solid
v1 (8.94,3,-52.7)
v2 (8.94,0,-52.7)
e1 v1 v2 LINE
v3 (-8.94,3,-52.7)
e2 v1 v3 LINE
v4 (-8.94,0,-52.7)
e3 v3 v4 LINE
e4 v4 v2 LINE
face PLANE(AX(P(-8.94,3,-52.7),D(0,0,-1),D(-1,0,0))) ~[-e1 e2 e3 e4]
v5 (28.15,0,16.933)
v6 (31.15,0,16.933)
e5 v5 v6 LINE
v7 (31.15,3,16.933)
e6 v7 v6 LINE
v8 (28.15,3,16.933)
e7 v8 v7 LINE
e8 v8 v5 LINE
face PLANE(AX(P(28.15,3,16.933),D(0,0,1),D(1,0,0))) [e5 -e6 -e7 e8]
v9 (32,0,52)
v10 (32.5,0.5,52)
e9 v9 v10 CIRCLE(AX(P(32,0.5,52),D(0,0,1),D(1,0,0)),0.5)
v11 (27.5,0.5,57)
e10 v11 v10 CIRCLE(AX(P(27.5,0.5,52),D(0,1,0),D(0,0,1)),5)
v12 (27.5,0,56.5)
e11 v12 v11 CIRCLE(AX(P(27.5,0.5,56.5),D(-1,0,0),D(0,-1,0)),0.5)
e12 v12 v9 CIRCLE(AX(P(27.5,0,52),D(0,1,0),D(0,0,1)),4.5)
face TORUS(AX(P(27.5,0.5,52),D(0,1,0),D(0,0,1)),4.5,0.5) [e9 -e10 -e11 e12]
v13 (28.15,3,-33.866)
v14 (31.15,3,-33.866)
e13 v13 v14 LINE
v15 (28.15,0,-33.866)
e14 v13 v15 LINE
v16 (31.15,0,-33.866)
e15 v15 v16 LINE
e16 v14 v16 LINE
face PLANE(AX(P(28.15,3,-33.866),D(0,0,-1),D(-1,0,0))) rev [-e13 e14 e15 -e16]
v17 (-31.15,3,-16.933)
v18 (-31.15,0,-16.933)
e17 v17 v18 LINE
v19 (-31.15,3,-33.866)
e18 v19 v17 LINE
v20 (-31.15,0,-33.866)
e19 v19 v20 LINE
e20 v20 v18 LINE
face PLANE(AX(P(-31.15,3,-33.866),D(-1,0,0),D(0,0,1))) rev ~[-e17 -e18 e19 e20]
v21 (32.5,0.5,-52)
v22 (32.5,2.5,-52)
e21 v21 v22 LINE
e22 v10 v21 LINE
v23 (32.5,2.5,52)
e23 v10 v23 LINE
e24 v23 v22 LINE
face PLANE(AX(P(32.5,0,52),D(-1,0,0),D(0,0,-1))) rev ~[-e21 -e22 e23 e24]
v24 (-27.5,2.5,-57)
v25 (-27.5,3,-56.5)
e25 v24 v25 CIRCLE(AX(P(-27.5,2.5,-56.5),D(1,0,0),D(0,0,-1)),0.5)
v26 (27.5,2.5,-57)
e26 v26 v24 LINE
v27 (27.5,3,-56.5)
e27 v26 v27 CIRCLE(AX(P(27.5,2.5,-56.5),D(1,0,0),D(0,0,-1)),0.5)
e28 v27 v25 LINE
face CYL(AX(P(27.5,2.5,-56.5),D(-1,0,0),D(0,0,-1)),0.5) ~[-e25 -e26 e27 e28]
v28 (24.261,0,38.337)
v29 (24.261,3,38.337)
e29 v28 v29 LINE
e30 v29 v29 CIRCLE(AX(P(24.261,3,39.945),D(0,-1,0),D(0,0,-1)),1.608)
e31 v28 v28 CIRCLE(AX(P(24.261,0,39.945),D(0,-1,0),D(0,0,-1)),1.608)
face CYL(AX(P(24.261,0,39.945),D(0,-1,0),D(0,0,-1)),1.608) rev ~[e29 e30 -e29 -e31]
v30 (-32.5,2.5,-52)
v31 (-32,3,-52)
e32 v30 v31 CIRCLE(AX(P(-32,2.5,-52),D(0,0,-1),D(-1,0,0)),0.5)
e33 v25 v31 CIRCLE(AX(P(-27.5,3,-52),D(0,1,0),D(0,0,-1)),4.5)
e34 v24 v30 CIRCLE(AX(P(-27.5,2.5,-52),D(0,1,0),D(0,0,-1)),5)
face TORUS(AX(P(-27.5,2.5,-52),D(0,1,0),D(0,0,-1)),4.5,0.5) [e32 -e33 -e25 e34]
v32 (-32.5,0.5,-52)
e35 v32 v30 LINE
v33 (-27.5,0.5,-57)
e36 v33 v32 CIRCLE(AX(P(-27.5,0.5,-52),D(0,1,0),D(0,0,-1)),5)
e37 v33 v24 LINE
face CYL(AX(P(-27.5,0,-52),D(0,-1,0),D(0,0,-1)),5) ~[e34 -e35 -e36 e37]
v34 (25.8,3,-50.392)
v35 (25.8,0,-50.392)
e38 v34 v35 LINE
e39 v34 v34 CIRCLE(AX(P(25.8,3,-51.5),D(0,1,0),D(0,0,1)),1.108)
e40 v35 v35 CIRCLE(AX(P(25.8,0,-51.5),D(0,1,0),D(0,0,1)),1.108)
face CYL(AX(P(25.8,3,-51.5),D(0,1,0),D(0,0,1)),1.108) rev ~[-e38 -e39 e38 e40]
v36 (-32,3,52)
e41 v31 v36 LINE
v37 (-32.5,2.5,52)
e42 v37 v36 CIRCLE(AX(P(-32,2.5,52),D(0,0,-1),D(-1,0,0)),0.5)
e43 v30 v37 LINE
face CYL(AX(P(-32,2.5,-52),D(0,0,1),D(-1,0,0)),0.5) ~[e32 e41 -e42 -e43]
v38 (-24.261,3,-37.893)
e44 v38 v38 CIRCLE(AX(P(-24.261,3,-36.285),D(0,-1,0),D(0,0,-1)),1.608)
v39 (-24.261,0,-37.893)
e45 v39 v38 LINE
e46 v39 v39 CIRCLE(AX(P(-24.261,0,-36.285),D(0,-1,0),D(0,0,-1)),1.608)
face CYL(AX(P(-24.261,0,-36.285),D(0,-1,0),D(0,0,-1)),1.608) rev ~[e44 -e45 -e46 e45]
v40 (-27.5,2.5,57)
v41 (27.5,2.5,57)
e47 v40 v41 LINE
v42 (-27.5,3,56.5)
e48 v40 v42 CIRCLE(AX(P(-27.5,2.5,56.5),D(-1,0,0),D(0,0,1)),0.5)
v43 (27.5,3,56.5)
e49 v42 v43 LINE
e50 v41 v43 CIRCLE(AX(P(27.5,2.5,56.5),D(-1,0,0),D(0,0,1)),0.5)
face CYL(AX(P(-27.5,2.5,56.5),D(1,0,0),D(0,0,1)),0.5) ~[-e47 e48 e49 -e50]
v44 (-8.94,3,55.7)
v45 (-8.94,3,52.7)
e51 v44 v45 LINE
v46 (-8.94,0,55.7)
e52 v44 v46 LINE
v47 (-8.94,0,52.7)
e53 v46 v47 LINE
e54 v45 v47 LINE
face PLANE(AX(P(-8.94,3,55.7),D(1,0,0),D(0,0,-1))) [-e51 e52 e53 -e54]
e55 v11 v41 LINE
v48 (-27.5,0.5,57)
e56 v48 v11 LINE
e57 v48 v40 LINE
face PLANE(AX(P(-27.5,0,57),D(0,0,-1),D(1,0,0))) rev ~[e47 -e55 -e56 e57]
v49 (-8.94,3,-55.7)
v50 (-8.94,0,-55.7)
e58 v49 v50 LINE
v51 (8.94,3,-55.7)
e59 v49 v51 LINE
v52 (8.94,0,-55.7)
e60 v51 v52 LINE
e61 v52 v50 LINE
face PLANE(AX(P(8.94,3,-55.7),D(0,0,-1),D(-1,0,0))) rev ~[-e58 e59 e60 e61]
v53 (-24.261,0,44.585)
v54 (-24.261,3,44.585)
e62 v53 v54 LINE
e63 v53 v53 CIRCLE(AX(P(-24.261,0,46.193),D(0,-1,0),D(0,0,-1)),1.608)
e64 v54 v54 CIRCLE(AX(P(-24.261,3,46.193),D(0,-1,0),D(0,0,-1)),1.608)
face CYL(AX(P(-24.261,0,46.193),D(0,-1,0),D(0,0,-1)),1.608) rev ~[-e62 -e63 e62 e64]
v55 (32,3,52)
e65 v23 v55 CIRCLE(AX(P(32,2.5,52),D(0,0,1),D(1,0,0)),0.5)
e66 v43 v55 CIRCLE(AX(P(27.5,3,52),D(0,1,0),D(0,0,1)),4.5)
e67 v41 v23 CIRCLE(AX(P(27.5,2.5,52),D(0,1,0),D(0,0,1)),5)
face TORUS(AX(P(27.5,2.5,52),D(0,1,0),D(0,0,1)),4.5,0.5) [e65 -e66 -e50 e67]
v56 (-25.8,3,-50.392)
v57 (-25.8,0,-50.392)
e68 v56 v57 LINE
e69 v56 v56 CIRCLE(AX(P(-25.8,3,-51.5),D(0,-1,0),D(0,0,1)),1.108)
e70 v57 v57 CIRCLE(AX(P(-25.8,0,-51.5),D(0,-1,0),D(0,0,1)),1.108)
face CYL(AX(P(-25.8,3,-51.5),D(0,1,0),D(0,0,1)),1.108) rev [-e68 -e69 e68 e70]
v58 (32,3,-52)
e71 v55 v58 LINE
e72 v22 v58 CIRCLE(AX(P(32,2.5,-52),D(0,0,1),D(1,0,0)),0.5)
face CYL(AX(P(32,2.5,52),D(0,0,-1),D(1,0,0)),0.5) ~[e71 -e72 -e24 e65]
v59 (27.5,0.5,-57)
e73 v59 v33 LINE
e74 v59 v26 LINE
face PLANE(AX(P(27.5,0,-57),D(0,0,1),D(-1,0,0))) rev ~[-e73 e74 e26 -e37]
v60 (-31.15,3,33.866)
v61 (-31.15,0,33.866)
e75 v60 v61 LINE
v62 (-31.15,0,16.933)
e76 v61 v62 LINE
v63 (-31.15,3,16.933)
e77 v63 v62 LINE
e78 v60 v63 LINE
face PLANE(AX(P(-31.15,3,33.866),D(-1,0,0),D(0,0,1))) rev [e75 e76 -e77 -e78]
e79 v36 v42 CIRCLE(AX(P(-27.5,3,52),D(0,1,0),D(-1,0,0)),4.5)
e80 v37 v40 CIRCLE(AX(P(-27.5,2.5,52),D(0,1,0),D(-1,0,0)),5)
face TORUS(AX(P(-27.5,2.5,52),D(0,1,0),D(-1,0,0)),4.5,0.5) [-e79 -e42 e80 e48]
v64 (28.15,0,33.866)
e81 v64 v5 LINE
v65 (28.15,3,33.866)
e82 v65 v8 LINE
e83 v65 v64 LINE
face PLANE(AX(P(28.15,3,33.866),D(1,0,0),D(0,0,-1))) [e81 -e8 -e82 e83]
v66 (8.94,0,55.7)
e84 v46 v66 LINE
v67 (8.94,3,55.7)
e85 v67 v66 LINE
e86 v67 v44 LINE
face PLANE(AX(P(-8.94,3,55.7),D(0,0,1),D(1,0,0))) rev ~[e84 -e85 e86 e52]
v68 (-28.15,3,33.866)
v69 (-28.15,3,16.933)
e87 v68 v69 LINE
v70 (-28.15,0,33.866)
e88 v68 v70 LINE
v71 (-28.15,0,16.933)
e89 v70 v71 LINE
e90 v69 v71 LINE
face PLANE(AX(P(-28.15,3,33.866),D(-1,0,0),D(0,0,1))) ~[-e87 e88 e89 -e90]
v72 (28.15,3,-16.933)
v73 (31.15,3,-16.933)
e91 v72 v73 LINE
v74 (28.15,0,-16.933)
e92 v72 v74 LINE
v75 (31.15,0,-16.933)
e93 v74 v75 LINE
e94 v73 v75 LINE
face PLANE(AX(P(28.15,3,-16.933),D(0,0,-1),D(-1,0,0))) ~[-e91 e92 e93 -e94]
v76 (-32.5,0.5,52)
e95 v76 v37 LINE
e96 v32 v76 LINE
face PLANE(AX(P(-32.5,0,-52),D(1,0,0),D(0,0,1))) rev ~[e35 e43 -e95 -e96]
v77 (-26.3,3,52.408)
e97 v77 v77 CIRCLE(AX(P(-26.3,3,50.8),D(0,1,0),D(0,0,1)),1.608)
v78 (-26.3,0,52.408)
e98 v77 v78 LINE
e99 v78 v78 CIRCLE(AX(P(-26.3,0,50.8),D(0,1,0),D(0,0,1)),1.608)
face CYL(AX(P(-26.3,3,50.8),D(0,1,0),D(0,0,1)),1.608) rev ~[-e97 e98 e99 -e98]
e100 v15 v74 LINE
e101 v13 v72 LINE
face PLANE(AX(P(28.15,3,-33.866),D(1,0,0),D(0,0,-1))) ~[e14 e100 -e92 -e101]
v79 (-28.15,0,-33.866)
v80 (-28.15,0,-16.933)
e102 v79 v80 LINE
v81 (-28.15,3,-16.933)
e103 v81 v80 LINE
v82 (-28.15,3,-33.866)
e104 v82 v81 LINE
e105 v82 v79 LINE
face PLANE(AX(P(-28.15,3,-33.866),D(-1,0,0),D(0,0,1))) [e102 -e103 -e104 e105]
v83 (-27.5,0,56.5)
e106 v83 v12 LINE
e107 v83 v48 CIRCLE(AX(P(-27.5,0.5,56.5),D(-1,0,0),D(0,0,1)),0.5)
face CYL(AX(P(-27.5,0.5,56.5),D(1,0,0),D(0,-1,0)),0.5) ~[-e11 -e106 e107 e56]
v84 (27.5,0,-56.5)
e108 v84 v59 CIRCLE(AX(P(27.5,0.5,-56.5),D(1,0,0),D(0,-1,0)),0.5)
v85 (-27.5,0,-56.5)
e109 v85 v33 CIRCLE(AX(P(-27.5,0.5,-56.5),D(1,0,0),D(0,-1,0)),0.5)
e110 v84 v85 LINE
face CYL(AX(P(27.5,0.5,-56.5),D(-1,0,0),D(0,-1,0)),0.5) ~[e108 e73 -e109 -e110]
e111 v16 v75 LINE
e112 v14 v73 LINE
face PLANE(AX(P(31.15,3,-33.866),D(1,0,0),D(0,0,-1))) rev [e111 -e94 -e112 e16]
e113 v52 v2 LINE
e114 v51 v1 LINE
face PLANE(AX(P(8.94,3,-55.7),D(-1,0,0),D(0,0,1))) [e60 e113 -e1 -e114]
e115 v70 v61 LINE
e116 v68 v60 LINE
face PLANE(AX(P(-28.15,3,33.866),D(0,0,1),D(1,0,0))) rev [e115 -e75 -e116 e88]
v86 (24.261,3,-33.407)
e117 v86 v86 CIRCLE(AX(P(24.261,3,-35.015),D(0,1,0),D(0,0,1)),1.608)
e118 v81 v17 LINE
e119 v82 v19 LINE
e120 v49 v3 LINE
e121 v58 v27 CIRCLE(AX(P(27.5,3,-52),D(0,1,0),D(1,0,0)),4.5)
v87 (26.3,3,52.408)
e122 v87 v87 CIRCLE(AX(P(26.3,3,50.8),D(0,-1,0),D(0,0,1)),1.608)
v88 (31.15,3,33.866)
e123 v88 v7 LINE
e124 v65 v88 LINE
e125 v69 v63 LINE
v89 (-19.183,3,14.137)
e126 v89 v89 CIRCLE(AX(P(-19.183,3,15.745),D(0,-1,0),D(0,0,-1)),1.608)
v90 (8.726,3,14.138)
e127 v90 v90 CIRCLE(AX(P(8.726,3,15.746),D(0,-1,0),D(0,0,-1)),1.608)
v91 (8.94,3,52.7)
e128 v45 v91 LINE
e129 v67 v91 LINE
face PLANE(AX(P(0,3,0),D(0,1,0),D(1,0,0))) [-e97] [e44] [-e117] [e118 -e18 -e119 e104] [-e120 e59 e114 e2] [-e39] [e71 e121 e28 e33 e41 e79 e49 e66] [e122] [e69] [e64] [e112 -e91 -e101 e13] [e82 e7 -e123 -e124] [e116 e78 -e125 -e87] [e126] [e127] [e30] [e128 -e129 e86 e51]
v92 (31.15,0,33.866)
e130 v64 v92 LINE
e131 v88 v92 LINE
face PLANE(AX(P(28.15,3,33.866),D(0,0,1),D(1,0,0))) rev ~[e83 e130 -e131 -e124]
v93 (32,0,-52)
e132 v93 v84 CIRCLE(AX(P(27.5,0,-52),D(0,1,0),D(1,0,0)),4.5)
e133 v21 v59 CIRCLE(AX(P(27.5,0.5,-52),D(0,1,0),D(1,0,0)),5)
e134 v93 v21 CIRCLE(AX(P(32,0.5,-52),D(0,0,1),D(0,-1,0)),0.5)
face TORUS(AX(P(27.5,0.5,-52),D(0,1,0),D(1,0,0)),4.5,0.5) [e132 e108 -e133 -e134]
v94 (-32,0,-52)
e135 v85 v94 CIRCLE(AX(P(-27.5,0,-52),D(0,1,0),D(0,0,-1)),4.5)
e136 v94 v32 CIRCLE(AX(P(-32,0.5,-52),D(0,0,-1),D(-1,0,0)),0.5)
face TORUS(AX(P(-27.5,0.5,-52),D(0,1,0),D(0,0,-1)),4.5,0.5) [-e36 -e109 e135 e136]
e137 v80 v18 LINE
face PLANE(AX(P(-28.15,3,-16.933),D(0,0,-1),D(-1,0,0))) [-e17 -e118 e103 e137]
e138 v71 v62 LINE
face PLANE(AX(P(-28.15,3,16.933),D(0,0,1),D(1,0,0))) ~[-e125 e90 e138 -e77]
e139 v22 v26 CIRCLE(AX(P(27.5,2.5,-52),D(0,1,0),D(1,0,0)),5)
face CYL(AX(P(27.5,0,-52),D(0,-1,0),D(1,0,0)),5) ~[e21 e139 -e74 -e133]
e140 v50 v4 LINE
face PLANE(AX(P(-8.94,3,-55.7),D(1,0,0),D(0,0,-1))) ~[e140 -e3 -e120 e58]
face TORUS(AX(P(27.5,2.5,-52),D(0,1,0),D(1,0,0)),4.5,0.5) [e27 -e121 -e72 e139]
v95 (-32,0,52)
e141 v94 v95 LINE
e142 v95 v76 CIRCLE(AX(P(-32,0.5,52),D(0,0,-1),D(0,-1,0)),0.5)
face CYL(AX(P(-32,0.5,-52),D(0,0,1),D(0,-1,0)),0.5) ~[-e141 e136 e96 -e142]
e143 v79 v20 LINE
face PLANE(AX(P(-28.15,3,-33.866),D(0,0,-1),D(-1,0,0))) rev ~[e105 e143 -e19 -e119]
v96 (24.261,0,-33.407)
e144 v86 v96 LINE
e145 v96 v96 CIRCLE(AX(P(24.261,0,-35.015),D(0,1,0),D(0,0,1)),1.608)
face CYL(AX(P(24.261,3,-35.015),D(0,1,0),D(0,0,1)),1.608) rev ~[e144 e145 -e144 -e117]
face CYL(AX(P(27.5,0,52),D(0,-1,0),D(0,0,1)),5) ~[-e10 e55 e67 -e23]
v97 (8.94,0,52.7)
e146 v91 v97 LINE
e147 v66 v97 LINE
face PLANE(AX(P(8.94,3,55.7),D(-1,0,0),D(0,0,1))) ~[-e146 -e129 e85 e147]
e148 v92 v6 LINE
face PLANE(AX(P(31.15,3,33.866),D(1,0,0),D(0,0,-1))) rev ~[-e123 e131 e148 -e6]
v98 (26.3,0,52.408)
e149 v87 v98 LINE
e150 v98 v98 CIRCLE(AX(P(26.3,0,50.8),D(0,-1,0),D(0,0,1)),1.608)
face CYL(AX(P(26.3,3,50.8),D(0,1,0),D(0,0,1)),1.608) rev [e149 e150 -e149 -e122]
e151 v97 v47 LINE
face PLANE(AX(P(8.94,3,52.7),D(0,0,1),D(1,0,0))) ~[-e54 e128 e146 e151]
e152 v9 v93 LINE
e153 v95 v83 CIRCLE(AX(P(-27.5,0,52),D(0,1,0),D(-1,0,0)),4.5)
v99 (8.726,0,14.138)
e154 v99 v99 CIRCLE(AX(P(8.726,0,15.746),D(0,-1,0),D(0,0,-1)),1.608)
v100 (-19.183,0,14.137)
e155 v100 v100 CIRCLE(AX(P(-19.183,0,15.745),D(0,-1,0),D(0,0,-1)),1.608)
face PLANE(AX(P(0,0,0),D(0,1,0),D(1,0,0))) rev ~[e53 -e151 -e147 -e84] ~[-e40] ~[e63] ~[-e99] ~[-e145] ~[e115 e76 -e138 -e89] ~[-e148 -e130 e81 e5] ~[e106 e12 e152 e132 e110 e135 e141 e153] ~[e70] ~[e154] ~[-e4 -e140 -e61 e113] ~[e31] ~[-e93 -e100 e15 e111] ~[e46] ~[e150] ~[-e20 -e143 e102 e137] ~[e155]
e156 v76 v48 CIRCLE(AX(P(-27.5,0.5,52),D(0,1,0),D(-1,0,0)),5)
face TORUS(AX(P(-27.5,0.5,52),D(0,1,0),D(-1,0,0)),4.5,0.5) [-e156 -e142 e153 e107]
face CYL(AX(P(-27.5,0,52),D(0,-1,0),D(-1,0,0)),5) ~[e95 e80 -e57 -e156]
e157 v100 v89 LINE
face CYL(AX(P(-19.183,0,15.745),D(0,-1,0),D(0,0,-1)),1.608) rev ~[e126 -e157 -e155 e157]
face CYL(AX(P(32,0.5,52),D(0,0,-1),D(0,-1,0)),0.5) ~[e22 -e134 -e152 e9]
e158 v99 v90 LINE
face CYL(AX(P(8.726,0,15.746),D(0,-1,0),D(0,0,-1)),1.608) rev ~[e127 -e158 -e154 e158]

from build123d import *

# Parameters (mm, degrees)
BOSS_EXTRUDE3_DEPTH       = 3
SKETCH2_R                 = 1.608
CUT_EXTRUDE3_DEPTH        = 3
SKETCH7_R                 = 1.608
CUT_EXTRUDE8_DEPTH        = 3
SKETCH8_R                 = 1.608
CUT_EXTRUDE9_DEPTH        = 3
SKETCH9_R                 = 1.608
CUT_EXTRUDE11_DEPTH       = 3
SKETCH10_W                = 17.87
SKETCH10_H                = 3
SKETCH10_W_2              = 3
SKETCH10_H_2              = 16.933
CUT_EXTRUDE14_DEPTH       = 3
MIRROR4_COPY_1_SKETCH_W   = 17.87
MIRROR4_COPY_1_SKETCH_H   = 3
MIRROR4_COPY_1_SKETCH_W_2 = 3
MIRROR4_COPY_1_SKETCH_H_2 = 16.933
MIRROR4_COPY_1_DEPTH      = 3
SKETCH11_R                = 1.608
CUT_EXTRUDE15_DEPTH       = 3
FILLET1_R                 = 0.5
FILLET2_R                 = 0.5
SKETCH12_R                = 1.108
CUT_EXTRUDE16_DEPTH       = 3


with BuildPart() as part:
    # Sketch1 → Boss-Extrude3 (new body)
    with BuildSketch(Plane(origin=(0, 0, 0), x_dir=(1, 0, 0), z_dir=(0, 1, 0))):
        with BuildLine():
            Line((-32.5, -47), (-32.5, -52))
            ThreePointArc((-32.5, -52), (-31.035533906, -55.535533906), (-27.5, -57))
            Line((-27.5, -57), (-22.5, -57))
            Line((-22.5, -57), (22.5, -57))
            Line((22.5, -57), (27.5, -57))
            ThreePointArc((27.5, -57), (31.035533906, -55.535533906), (32.5, -52))
            Line((32.5, -52), (32.5, -47))
            Line((32.5, -47), (32.5, 47))
            Line((32.5, 47), (32.5, 52))
            ThreePointArc((32.5, 52), (31.035533906, 55.535533906), (27.5, 57))
            Line((27.5, 57), (22.5, 57))
            Line((22.5, 57), (-22.5, 57))
            Line((-22.5, 57), (-27.5, 57))
            ThreePointArc((-27.5, 57), (-31.035533906, 55.535533906), (-32.5, 52))
            Line((-32.5, 52), (-32.5, 47))
            Line((-32.5, 47), (-32.5, -47))
        make_face()
    extrude(amount=BOSS_EXTRUDE3_DEPTH)

    # Sketch2 → Cut-Extrude3 (cut)
    with BuildSketch(Plane(origin=(0, 3, 0), x_dir=(1, 0, 0), z_dir=(0, 1, 0))):
        with Locations(Location((24.261, 35.015, 0), (0, 0, 270))):
            Circle(SKETCH2_R)
    extrude(amount=-CUT_EXTRUDE3_DEPTH, mode=Mode.SUBTRACT)

    # Sketch7 → Cut-Extrude8 (cut)
    with BuildSketch(Plane.XZ):
        with Locations(Location((24.261, 39.945, 0), (0, 0, 270))):
            Circle(SKETCH7_R)
    extrude(amount=-CUT_EXTRUDE8_DEPTH, mode=Mode.SUBTRACT)

    # Sketch8 → Cut-Extrude9 (cut)
    with BuildSketch(Plane.XZ):
        with Locations(Location((-24.261, -36.285, 0), (0, 0, 270))):
            Circle(SKETCH8_R)
    extrude(amount=-CUT_EXTRUDE9_DEPTH, mode=Mode.SUBTRACT)

    # Sketch9 → Cut-Extrude11 (cut)
    with BuildSketch(Plane.XZ):
        with Locations(Location((-19.183, 15.745, 0), (0, 0, 270))):
            Circle(SKETCH9_R)
        with Locations(Location((8.725999982, 15.746, 0), (0, 0, 270))):
            Circle(SKETCH9_R)
        with Locations(Location((-24.261, 46.193, 0), (0, 0, 270))):
            Circle(SKETCH9_R)
    extrude(amount=-CUT_EXTRUDE11_DEPTH, mode=Mode.SUBTRACT)

    # Sketch10 → Cut-Extrude14 (cut)
    with BuildSketch(Plane(origin=(0, 3, 0), x_dir=(1, 0, 0), z_dir=(0, 1, 0))):
        with Locations((-0.005, -54.2)):
            Rectangle(SKETCH10_W, SKETCH10_H)
        with Locations((29.65, -25.3995)):
            Rectangle(SKETCH10_W_2, SKETCH10_H_2)
    cut_extrude14 = extrude(amount=-CUT_EXTRUDE14_DEPTH, mode=Mode.SUBTRACT)

    # Mirror3: Cut-Extrude14 across plane
    add(cut_extrude14.mirror(Plane.XY), mode=Mode.SUBTRACT)

    # Mirror4: Cut-Extrude14 across plane
    add(cut_extrude14.mirror(Plane(origin=(0, 0, 0), x_dir=(0, 0, 1), z_dir=(1, 0, 0))), mode=Mode.SUBTRACT)

    # Mirror4 copy 1 sketch → Mirror4 copy 1 (cut)
    with BuildSketch(Plane(origin=(0, 3, 0), x_dir=(-1, 0, 0), z_dir=(0, 1, 0))):
        with Locations((-0.005, -54.2)):
            Rectangle(MIRROR4_COPY_1_SKETCH_W, MIRROR4_COPY_1_SKETCH_H)
        with Locations((29.65, -25.3995)):
            Rectangle(MIRROR4_COPY_1_SKETCH_W_2, MIRROR4_COPY_1_SKETCH_H_2)
    extrude(amount=-MIRROR4_COPY_1_DEPTH, mode=Mode.SUBTRACT)

    # Sketch11 → Cut-Extrude15 (cut)
    with BuildSketch(Plane(origin=(0, 3, 0), x_dir=(1, 0, 0), z_dir=(0, 1, 0))):
        with Locations(Location((-26.3, -50.8, 0), (0, 0, 270))):
            Circle(SKETCH11_R)
    cut_extrude15 = extrude(amount=-CUT_EXTRUDE15_DEPTH, mode=Mode.SUBTRACT)

    # Mirror5: Cut-Extrude15 across plane
    add(cut_extrude15.mirror(Plane(origin=(0, 0, 0), x_dir=(0, 0, 1), z_dir=(1, 0, 0))), mode=Mode.SUBTRACT)

    # Fillet1
    fillet1_edges = [part.edges().sort_by_distance(p)[0] for p in [
        (0, 0, -57),
        (31.035533906, 0, -55.535533906),
        (32.5, 0, 0),
        (31.035533906, 0, 55.535533906),
        (0, 0, 57),
        (-31.035533906, 0, 55.535533906),
        (-32.5, 0, 0),
        (-31.035533906, 0, -55.535533906),
    ]]
    fillet(fillet1_edges, radius=FILLET1_R)

    # Fillet2
    fillet2_edges = [part.edges().sort_by_distance(p)[0] for p in [
        (-32.5, 3, 0),
        (-31.035533906, 3, 55.535533906),
        (0, 3, 57),
        (31.035533906, 3, 55.535533906),
        (32.5, 3, 0),
        (0, 3, -57),
        (31.035533906, 3, -55.535533906),
        (-31.035533906, 3, -55.535533906),
    ]]
    fillet(fillet2_edges, radius=FILLET2_R)

    # Sketch12 → Cut-Extrude16 (cut)
    with BuildSketch(Plane(origin=(0, 3, 0), x_dir=(1, 0, 0), z_dir=(0, 1, 0))):
        with Locations(Location((25.8, 51.5, 0), (0, 0, 270))):
            Circle(SKETCH12_R)
    cut_extrude16 = extrude(amount=-CUT_EXTRUDE16_DEPTH, mode=Mode.SUBTRACT)

    # Mirror8: Cut-Extrude16 across plane
    add(cut_extrude16.mirror(Plane(origin=(0, 0, 0), x_dir=(0, 0, 1), z_dir=(1, 0, 0))), mode=Mode.SUBTRACT)


solid = part.part
